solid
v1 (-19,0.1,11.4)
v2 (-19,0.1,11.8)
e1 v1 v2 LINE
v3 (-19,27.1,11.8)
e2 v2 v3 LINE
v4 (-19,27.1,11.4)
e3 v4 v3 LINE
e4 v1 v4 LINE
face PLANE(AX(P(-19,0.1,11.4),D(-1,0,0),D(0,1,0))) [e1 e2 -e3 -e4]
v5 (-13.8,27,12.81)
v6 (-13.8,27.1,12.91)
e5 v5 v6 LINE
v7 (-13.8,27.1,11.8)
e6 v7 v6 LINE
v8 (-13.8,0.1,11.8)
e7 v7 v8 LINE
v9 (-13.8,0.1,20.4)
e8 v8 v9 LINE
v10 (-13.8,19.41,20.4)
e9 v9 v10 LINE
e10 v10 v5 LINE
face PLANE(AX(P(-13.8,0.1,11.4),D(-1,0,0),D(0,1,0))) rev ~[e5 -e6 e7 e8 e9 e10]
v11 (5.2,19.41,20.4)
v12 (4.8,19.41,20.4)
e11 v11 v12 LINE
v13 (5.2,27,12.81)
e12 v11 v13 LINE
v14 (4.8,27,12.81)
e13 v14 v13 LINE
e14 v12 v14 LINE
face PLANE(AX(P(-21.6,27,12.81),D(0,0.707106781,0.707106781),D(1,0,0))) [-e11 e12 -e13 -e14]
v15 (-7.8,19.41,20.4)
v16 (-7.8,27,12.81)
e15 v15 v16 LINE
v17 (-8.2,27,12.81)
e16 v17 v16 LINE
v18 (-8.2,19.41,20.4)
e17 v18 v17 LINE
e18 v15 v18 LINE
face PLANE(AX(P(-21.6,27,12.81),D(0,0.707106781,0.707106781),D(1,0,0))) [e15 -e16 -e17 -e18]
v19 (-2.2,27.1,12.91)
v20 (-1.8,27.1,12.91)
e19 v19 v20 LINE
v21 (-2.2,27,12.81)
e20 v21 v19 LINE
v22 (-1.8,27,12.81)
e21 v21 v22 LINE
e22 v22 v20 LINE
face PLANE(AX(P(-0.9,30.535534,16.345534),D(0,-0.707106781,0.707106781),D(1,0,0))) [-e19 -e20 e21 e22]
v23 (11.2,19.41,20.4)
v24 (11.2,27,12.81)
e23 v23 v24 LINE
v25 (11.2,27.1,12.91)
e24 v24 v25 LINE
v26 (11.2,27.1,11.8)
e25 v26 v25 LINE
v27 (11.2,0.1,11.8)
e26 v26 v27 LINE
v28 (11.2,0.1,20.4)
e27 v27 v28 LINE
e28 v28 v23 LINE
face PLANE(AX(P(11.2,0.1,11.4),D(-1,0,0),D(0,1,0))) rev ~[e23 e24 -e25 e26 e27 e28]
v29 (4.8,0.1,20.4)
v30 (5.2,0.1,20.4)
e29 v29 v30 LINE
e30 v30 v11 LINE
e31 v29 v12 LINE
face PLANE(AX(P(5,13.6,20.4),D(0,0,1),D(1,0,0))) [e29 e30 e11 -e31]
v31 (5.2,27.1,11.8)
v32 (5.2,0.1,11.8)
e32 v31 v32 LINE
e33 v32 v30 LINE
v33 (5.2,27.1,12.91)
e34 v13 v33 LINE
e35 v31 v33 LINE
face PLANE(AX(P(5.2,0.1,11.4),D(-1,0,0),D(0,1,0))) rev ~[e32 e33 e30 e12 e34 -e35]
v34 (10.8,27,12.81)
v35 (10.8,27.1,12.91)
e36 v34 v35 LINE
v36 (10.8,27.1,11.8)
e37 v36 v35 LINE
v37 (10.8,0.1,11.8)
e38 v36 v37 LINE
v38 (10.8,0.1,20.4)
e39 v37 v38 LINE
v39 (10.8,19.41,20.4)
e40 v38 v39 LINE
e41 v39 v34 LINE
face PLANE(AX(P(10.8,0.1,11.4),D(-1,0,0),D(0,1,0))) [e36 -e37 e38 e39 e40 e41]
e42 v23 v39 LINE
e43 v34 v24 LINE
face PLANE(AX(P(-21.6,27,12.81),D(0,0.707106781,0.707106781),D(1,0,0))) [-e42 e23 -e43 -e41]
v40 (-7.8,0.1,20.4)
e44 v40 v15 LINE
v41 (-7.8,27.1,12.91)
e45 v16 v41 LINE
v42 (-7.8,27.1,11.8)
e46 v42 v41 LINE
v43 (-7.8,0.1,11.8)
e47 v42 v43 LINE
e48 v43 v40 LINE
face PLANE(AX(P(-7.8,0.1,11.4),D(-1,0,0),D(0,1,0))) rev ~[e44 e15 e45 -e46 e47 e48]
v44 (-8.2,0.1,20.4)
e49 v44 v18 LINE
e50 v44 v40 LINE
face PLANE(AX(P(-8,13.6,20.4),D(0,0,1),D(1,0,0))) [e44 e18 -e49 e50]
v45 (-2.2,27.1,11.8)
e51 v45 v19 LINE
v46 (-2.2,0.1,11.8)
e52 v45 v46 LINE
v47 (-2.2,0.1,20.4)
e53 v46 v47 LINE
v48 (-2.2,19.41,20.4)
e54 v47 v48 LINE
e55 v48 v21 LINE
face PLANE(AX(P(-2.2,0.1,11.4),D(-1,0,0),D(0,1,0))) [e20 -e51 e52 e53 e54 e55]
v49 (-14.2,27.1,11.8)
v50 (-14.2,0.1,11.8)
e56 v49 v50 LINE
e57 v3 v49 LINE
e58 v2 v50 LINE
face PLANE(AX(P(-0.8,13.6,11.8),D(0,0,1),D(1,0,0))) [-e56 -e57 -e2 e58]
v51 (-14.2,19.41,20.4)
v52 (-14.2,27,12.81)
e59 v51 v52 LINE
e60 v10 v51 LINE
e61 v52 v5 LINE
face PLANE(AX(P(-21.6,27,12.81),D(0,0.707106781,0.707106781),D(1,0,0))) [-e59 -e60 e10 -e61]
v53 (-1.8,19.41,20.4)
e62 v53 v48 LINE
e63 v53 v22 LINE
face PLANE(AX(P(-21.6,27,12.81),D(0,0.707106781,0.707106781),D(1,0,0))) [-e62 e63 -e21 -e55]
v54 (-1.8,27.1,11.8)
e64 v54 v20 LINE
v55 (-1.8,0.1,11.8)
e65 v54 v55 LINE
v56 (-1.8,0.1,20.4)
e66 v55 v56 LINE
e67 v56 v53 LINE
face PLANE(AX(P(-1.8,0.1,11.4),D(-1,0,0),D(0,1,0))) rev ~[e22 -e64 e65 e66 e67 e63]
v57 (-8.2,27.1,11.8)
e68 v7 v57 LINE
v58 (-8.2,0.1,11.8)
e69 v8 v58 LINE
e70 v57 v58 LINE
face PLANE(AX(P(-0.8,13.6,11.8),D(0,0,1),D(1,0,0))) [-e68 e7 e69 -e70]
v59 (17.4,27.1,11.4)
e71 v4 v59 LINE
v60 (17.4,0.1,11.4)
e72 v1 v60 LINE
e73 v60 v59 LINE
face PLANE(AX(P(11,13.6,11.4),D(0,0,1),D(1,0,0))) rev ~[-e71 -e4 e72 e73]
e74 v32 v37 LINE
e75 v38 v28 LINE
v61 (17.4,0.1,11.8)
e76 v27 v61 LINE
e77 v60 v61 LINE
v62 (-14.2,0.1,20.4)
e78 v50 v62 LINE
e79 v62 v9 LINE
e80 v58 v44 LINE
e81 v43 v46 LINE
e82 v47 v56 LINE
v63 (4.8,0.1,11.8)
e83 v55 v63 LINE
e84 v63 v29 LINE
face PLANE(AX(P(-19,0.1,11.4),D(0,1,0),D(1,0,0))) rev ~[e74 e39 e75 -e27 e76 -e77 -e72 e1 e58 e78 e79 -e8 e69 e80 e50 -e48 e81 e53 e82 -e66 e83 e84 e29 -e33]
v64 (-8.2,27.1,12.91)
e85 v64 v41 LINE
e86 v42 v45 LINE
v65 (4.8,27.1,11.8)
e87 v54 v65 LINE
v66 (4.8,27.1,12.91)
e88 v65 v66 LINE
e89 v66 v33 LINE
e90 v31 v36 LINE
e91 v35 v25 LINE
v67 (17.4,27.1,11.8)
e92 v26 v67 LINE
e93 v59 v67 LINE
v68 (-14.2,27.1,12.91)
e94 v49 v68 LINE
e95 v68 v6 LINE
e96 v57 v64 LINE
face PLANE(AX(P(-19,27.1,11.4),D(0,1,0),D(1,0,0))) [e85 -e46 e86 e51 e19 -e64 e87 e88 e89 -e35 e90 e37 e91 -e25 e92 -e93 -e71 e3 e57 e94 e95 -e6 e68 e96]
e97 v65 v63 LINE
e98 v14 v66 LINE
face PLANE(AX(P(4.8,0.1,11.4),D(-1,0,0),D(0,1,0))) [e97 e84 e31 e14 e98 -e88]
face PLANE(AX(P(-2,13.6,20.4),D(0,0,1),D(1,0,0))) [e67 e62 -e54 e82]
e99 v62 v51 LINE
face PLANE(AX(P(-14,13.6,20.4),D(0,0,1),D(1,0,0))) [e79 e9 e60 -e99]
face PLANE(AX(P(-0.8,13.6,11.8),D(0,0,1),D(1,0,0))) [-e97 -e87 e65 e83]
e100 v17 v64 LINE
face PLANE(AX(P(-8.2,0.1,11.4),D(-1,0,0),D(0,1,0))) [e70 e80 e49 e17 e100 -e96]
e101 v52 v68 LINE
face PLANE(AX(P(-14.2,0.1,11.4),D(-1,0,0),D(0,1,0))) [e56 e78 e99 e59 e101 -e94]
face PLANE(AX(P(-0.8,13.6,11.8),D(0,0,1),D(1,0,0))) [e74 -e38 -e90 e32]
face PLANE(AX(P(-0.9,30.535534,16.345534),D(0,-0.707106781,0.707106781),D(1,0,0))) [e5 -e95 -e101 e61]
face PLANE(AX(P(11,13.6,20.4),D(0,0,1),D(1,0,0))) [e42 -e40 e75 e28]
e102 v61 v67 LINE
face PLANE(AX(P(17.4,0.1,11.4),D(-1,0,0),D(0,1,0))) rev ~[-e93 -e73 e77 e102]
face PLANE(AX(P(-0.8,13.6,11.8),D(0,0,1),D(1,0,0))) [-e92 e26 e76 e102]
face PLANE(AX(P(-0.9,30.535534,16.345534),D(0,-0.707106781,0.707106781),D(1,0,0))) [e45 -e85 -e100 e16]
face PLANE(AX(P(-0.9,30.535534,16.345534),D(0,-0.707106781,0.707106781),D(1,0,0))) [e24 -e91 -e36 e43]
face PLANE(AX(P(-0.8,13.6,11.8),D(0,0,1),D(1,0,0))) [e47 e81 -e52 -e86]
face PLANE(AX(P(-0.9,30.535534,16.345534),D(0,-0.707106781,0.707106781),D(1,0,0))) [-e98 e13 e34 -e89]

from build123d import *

# Parameters (mm, degrees)
BOX028_W          = 41.4
BOX028_H          = 10
BOX028_DEPTH      = 11
BOX028_ROLL_ANGLE = 45
BOX037_W          = 0.4
BOX037_H          = 27
BOX037_DEPTH      = 9
BOX036_W          = 0.4
BOX036_H          = 27
BOX036_DEPTH      = 9
BOX035_W          = 0.4
BOX035_H          = 27
BOX035_DEPTH      = 9
BOX034_W          = 0.4
BOX034_H          = 27
BOX034_DEPTH      = 9
BOX038_W          = 0.4
BOX038_H          = 27
BOX038_DEPTH      = 9
BOX033_W          = 36.4
BOX033_H          = 27
BOX033_DEPTH      = 0.4


with BuildPart() as rear_panel_chamfer:
    # Box028 → Box028 (new body)
    with BuildSketch(Plane.XY):
        with Locations((20.7, 5)):
            Rectangle(BOX028_W, BOX028_H)
    extrude(amount=BOX028_DEPTH)


with BuildPart() as rear_panel_chamfer_1:
    # Box028 roll: moved
    add(rear_panel_chamfer.part.rotate(Axis((0, 0, 0), (1, 0, 0)), BOX028_ROLL_ANGLE))


with BuildPart() as rear_panel_chamfer_2:
    # Box028 placement: moved
    add(rear_panel_chamfer_1.part.moved(Location((-21.6, 27, 12.81))))


with BuildPart() as support_y4_for_rear_panel_angled:
    # Box037 → Box037 (new body)
    with BuildSketch(Plane(origin=(-2.2, 0.1, 11.4), x_dir=(1, 0, 0), z_dir=(0, 0, 1))):
        with Locations((0.2, 13.5)):
            Rectangle(BOX037_W, BOX037_H)
    extrude(amount=BOX037_DEPTH)


with BuildPart() as support_y3_for_rear_panel_angled:
    # Box036 → Box036 (new body)
    with BuildSketch(Plane(origin=(4.8, 0.1, 11.4), x_dir=(1, 0, 0), z_dir=(0, 0, 1))):
        with Locations((0.2, 13.5)):
            Rectangle(BOX036_W, BOX036_H)
    extrude(amount=BOX036_DEPTH)


with BuildPart() as support_y2_for_rear_panel_angled:
    # Box035 → Box035 (new body)
    with BuildSketch(Plane(origin=(-8.2, 0.1, 11.4), x_dir=(1, 0, 0), z_dir=(0, 0, 1))):
        with Locations((0.2, 13.5)):
            Rectangle(BOX035_W, BOX035_H)
    extrude(amount=BOX035_DEPTH)


with BuildPart() as support_y1_for_rear_panel_angled:
    # Box034 → Box034 (new body)
    with BuildSketch(Plane(origin=(-14.2, 0.1, 11.4), x_dir=(1, 0, 0), z_dir=(0, 0, 1))):
        with Locations((0.2, 13.5)):
            Rectangle(BOX034_W, BOX034_H)
    extrude(amount=BOX034_DEPTH)


with BuildPart() as support_y5_for_rear_panel_angled:
    # Box038 → Box038 (new body)
    with BuildSketch(Plane(origin=(10.8, 0.1, 11.4), x_dir=(1, 0, 0), z_dir=(0, 0, 1))):
        with Locations((0.2, 13.5)):
            Rectangle(BOX038_W, BOX038_H)
    extrude(amount=BOX038_DEPTH)


with BuildPart() as supports_for_rear_panel_angled_chamfered:
    # Box033 → Box033 (new body)
    with BuildSketch(Plane(origin=(-19, 0.1, 11.4), x_dir=(1, 0, 0), z_dir=(0, 0, 1))):
        with Locations((18.2, 13.5)):
            Rectangle(BOX033_W, BOX033_H)
    extrude(amount=BOX033_DEPTH)

    # Fusion005: union support Y4 for rear panel angled, support Y3 for rear panel angled, support Y2 for rear panel angled, support Y1 for rear panel angled, support Y5 for rear panel angled
    add(support_y4_for_rear_panel_angled.part)
    add(support_y3_for_rear_panel_angled.part)
    add(support_y2_for_rear_panel_angled.part)
    add(support_y1_for_rear_panel_angled.part)
    add(support_y5_for_rear_panel_angled.part)

    # Cut006: cut Rear panel chamfer
    add(rear_panel_chamfer_2.part, mode=Mode.SUBTRACT)


solid = supports_for_rear_panel_angled_chamfered.part
